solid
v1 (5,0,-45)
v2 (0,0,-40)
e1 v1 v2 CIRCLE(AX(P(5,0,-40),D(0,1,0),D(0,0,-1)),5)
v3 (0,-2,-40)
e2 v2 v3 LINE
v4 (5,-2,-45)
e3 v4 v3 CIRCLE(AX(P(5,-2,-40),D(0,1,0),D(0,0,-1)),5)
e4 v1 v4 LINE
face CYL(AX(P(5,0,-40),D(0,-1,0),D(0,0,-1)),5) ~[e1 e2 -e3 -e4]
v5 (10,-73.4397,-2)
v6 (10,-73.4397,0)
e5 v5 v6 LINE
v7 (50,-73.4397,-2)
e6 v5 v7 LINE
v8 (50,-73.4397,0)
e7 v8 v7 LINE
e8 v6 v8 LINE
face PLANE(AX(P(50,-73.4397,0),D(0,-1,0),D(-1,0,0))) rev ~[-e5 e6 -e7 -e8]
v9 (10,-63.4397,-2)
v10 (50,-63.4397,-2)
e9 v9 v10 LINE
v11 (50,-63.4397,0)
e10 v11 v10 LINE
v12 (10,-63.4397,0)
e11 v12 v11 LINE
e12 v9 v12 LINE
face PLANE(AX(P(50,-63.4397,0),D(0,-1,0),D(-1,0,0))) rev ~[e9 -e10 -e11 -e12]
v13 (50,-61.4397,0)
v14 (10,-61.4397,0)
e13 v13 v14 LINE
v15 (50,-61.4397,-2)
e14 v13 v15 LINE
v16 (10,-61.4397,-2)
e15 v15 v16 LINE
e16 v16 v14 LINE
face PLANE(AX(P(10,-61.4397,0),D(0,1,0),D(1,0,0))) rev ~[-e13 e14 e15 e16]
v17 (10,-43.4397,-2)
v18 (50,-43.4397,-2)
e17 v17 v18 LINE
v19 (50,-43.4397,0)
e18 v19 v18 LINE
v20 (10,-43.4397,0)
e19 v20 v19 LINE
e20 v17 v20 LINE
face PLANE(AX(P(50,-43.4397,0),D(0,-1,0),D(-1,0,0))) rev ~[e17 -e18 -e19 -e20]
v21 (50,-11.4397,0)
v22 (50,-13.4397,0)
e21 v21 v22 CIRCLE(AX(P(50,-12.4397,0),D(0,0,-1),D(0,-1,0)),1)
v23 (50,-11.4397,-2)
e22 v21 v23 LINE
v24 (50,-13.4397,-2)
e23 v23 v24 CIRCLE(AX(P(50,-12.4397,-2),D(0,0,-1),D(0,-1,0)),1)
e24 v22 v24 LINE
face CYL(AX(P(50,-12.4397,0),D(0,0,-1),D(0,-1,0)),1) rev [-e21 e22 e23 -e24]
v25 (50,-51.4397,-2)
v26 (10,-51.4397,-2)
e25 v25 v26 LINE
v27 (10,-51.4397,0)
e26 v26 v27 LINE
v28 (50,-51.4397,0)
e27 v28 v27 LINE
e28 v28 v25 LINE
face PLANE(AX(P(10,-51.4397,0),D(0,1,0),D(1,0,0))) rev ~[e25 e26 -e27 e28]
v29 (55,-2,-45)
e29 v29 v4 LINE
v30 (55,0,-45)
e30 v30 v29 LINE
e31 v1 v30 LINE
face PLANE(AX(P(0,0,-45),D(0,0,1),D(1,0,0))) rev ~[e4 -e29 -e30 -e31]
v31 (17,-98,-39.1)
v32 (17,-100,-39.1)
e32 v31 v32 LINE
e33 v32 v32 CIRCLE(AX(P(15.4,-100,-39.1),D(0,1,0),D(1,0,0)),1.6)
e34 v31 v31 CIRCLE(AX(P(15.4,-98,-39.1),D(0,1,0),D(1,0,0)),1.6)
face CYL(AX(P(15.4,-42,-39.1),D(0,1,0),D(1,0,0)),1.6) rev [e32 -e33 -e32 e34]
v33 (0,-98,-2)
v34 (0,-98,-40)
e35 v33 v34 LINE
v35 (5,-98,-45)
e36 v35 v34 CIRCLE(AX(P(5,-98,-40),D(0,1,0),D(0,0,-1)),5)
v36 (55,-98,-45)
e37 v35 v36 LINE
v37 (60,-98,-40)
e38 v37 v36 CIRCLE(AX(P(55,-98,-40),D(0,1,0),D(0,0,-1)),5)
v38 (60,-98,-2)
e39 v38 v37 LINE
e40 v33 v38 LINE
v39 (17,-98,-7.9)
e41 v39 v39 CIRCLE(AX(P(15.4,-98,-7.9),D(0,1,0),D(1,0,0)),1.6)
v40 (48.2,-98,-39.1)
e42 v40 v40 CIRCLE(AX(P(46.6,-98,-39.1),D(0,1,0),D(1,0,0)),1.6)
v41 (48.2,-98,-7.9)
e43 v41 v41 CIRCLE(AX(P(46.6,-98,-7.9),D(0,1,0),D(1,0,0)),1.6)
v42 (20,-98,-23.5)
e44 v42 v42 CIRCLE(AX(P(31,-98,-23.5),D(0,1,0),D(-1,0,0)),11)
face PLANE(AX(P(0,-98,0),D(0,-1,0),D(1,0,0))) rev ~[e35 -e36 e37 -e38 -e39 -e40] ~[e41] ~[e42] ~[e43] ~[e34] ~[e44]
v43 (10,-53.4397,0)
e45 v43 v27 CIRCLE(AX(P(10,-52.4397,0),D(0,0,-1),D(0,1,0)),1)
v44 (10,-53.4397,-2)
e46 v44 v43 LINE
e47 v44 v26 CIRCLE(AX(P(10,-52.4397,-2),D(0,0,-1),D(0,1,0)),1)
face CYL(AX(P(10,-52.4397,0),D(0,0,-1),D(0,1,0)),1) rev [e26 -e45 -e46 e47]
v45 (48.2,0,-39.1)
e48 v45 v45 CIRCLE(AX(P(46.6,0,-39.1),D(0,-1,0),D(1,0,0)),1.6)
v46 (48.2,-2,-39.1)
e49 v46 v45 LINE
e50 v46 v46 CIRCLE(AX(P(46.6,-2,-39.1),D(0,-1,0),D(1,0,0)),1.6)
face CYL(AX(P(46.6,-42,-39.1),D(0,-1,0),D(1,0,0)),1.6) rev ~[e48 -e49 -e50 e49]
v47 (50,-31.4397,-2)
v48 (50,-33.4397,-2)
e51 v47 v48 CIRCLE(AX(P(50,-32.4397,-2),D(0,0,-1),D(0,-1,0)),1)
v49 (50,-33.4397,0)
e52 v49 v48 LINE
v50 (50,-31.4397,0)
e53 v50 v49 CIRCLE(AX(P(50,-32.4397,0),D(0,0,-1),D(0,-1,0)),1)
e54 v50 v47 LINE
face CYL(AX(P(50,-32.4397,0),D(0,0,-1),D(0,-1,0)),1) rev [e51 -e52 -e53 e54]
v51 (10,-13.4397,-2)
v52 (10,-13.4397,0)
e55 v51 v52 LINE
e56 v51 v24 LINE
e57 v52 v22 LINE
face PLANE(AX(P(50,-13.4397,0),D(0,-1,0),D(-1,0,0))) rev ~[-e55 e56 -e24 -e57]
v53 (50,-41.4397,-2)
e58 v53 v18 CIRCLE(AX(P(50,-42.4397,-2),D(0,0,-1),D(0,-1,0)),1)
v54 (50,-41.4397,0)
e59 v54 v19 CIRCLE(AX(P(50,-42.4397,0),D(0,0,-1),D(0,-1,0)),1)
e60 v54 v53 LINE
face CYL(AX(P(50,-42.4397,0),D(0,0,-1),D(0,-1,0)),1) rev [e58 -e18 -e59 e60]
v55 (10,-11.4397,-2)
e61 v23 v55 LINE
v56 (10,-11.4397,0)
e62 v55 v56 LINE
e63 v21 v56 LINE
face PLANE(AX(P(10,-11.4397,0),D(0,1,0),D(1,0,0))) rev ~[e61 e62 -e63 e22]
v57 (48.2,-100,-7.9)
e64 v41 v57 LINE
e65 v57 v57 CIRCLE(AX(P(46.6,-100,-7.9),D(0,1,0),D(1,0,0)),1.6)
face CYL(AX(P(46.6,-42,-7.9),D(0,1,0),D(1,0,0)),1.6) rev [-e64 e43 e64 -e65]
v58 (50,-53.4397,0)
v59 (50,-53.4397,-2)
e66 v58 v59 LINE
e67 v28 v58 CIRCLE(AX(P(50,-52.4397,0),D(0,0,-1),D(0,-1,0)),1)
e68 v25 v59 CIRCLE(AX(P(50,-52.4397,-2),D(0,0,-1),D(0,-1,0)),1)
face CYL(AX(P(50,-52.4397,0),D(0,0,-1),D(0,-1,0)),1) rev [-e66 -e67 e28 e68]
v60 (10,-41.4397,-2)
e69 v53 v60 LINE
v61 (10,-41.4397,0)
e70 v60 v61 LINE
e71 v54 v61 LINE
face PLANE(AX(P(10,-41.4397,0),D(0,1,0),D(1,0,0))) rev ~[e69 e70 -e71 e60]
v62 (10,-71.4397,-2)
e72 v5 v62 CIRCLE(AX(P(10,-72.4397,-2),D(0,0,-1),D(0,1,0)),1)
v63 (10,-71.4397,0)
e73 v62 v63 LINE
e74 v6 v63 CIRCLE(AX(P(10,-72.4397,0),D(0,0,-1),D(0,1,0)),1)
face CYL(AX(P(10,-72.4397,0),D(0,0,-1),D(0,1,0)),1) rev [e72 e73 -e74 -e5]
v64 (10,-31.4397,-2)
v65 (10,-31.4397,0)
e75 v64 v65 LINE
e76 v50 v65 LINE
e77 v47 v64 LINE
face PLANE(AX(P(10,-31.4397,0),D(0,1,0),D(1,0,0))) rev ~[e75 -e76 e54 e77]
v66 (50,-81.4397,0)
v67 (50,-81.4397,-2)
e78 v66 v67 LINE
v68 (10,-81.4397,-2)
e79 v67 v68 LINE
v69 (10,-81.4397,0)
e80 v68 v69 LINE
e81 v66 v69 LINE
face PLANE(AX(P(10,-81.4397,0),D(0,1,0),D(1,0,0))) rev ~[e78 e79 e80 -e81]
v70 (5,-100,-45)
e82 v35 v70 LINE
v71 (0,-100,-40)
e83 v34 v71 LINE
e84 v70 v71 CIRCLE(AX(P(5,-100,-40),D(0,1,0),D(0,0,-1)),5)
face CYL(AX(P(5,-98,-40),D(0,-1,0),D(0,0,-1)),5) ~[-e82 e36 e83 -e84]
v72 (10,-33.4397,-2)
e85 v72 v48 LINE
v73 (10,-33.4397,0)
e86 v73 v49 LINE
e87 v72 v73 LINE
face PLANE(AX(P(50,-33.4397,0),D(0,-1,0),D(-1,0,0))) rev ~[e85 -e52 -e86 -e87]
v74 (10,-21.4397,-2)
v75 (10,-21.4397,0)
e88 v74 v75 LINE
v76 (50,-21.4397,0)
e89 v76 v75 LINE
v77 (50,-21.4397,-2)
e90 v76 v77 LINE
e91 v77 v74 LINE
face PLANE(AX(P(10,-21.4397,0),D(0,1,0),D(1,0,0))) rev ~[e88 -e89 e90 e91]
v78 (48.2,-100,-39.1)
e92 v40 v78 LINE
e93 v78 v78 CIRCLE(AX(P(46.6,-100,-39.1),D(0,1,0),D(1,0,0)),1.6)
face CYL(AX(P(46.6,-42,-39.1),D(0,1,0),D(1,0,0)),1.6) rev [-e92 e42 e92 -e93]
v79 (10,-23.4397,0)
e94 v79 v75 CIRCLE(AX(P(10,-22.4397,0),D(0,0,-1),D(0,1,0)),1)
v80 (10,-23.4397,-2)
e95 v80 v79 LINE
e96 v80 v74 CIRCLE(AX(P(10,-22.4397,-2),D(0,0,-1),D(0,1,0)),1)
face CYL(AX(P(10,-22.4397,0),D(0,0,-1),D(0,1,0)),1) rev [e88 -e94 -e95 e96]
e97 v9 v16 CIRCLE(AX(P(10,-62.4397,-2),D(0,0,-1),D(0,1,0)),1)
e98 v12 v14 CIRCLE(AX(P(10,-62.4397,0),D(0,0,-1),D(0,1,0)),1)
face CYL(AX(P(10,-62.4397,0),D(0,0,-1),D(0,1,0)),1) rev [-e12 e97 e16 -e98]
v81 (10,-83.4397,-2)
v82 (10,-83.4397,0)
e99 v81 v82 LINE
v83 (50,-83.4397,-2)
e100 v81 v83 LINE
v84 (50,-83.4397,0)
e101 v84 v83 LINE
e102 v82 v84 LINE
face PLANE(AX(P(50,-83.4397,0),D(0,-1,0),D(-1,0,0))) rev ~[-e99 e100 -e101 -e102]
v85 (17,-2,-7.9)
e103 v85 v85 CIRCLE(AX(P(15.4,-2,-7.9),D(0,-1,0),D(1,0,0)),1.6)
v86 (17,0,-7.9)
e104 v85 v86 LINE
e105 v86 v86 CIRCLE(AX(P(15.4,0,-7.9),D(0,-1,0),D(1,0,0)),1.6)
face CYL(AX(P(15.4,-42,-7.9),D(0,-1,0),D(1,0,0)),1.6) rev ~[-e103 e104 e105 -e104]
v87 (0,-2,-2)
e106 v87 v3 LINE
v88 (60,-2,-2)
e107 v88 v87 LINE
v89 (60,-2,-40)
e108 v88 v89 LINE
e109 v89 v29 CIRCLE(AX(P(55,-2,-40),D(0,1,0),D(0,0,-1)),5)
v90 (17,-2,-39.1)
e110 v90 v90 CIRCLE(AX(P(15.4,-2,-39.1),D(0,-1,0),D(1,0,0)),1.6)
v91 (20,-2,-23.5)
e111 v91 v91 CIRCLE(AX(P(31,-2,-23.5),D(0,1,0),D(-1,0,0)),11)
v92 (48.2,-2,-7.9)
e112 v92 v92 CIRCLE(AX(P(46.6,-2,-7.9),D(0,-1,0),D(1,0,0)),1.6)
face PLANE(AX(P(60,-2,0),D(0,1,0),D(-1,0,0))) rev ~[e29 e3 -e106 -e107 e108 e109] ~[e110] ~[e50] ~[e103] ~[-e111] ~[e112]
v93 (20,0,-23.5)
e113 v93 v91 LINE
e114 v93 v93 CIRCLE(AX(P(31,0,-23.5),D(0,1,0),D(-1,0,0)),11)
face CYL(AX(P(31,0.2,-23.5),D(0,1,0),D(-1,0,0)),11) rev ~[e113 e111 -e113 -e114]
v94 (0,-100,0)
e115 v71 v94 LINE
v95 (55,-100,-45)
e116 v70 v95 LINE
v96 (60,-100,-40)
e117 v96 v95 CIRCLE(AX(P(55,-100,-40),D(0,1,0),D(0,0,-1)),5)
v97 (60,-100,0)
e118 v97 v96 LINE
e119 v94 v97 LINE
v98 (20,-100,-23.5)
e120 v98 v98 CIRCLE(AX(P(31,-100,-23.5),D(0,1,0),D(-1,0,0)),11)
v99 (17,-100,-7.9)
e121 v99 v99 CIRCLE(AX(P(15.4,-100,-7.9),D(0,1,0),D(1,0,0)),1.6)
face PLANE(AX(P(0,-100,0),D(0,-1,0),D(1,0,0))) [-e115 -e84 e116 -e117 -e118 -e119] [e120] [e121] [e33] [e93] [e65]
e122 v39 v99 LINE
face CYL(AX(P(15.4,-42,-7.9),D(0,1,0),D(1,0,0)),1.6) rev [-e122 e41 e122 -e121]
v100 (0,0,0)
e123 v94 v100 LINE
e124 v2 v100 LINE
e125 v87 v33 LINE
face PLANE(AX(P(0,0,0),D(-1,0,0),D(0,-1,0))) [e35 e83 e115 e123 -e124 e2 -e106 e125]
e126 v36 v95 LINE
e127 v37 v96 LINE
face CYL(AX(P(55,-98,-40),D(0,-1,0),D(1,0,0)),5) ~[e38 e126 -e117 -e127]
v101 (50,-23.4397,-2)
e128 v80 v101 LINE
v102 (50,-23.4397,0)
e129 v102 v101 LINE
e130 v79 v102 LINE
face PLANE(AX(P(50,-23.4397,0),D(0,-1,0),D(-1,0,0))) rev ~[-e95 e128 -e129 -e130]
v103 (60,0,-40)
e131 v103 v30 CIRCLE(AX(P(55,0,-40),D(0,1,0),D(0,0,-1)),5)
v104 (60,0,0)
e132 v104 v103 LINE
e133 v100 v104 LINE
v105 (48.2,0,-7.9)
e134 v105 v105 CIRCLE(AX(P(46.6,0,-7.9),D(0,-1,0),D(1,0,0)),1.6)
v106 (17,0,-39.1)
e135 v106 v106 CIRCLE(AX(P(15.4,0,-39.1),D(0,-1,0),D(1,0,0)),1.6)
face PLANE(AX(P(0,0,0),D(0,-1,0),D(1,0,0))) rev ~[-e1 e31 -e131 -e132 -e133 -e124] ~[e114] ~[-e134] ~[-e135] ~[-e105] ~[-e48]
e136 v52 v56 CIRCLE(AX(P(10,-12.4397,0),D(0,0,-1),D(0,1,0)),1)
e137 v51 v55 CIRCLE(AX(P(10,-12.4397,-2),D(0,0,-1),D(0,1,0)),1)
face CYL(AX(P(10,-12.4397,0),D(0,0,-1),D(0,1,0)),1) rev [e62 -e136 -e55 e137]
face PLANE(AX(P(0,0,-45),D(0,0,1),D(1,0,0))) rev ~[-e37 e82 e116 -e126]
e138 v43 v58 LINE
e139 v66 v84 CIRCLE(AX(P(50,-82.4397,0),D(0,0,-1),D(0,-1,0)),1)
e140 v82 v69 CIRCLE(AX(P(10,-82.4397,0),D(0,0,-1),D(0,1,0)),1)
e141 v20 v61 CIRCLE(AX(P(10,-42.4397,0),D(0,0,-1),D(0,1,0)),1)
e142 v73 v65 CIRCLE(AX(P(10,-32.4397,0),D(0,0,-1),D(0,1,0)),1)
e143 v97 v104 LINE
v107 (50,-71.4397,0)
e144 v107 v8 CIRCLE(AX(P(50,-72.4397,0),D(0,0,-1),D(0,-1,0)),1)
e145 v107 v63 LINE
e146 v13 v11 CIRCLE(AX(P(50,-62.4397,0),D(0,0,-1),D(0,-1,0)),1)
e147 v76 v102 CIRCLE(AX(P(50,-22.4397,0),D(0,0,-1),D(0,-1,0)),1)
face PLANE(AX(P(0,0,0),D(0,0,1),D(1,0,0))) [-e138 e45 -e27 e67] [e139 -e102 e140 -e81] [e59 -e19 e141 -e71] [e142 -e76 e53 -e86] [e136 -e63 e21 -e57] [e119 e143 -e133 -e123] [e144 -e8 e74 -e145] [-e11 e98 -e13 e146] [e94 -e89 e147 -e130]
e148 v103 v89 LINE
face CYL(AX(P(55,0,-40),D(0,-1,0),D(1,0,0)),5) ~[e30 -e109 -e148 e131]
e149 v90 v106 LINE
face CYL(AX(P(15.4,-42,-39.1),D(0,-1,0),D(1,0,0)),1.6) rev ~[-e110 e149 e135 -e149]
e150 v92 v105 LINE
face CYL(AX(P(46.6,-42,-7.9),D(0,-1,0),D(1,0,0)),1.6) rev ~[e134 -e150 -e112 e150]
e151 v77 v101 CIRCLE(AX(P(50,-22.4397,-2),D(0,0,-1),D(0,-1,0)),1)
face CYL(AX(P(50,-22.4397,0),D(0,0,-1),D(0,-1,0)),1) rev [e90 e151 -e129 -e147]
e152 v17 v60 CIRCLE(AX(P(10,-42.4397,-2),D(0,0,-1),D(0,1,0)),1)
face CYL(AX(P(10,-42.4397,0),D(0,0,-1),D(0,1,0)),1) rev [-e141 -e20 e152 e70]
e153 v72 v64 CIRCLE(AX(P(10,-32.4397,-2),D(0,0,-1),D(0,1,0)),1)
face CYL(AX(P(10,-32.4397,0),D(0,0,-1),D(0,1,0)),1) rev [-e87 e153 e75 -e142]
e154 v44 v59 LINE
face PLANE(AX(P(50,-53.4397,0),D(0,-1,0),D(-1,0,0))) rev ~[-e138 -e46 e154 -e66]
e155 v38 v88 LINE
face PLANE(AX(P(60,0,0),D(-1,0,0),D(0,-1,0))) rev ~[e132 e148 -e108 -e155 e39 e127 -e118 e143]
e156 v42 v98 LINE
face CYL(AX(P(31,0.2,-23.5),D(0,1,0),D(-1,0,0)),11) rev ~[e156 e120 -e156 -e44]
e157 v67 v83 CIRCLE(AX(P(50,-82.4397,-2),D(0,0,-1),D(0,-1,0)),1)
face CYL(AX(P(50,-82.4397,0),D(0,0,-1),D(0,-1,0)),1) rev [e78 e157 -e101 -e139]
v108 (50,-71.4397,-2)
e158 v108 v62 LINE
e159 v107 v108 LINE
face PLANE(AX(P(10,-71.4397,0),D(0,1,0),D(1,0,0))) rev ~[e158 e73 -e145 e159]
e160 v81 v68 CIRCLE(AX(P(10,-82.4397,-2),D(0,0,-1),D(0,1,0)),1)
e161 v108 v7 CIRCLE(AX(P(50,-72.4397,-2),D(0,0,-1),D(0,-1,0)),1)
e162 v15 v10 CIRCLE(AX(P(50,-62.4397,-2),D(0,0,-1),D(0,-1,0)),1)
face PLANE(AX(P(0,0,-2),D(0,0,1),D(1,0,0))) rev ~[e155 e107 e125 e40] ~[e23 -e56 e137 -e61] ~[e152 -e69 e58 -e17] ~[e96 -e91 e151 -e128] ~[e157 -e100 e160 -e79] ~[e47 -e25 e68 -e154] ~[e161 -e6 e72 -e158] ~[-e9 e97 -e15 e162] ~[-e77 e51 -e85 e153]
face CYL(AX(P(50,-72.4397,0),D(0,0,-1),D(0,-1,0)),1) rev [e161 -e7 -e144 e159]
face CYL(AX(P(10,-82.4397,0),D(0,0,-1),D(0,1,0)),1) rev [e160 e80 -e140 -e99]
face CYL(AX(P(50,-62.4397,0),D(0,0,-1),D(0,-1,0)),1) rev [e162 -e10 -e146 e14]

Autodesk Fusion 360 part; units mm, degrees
sketch "Boceto6" plane through (0, 0, 0) normal (0, 0, 1) x (1, 0, 0)
  line L0 (0, 0) -> (60, 0)
  line L1 (60, 0) -> (60, -100)
  line L2 (0, 0) -> (0, -100)
  line L3 (0, -100) -> (60, -100)
  line L4 (0, 0) -> (60, 0)
  line L5 (60, 0) -> (60, -2)
  line L6 (60, -2) -> (0, -2)
  line L7 (0, -100) -> (0, -98.9254)
  line L8 (0, -100) -> (0, -98)
  line L9 (0, -98) -> (60, -98)
  line L10 (30, 0) -> (30, -104.8793) construction
  line L11 (50, -51.4397) -> (10, -51.4397) construction
  line L12 (10, -53.4397) -> (50, -53.4397) construction
  line L13 (10, -51.4397) -> (50, -51.4397)
  line L14 (50, -53.4397) -> (10, -53.4397)
  arc A0 (10, -51.4397) -> (10, -53.4397) centre (10, -52.4397) ccw
  arc A1 (50, -53.4397) -> (50, -51.4397) centre (50, -52.4397) ccw
  line L15 (10, -83.4397) -> (50, -83.4397) construction
  arc A2 (10, -81.4397) -> (10, -83.4397) centre (10, -82.4397) ccw
  arc A3 (50, -83.4397) -> (50, -81.4397) centre (50, -82.4397) ccw
  line L16 (50, -81.4397) -> (10, -81.4397) construction
  line L17 (10, -81.4397) -> (50, -81.4397)
  line L18 (50, -83.4397) -> (10, -83.4397)
  line L19 (10, -73.4397) -> (50, -73.4397) construction
  arc A4 (10, -71.4397) -> (10, -73.4397) centre (10, -72.4397) ccw
  arc A5 (50, -73.4397) -> (50, -71.4397) centre (50, -72.4397) ccw
  line L20 (50, -71.4397) -> (10, -71.4397) construction
  line L21 (10, -71.4397) -> (50, -71.4397)
  line L22 (50, -73.4397) -> (10, -73.4397)
  line L23 (10, -63.4397) -> (50, -63.4397) construction
  arc A6 (10, -61.4397) -> (10, -63.4397) centre (10, -62.4397) ccw
  arc A7 (50, -63.4397) -> (50, -61.4397) centre (50, -62.4397) ccw
  line L24 (50, -61.4397) -> (10, -61.4397) construction
  line L25 (10, -61.4397) -> (50, -61.4397)
  line L26 (50, -63.4397) -> (10, -63.4397)
  line L27 (10, -43.4397) -> (50, -43.4397) construction
  arc A8 (10, -41.4397) -> (10, -43.4397) centre (10, -42.4397) ccw
  arc A9 (50, -43.4397) -> (50, -41.4397) centre (50, -42.4397) ccw
  line L28 (50, -41.4397) -> (10, -41.4397) construction
  line L29 (10, -41.4397) -> (50, -41.4397)
  line L30 (50, -43.4397) -> (10, -43.4397)
  line L31 (10, -33.4397) -> (50, -33.4397) construction
  arc A10 (10, -31.4397) -> (10, -33.4397) centre (10, -32.4397) ccw
  arc A11 (50, -33.4397) -> (50, -31.4397) centre (50, -32.4397) ccw
  line L32 (50, -31.4397) -> (10, -31.4397) construction
  line L33 (10, -31.4397) -> (50, -31.4397)
  line L34 (50, -33.4397) -> (10, -33.4397)
  line L35 (10, -23.4397) -> (50, -23.4397) construction
  arc A12 (10, -21.4397) -> (10, -23.4397) centre (10, -22.4397) ccw
  arc A13 (50, -23.4397) -> (50, -21.4397) centre (50, -22.4397) ccw
  line L36 (50, -21.4397) -> (10, -21.4397) construction
  line L37 (10, -21.4397) -> (50, -21.4397)
  line L38 (50, -23.4397) -> (10, -23.4397)
  line L39 (10, -13.4397) -> (50, -13.4397) construction
  arc A14 (10, -11.4397) -> (10, -13.4397) centre (10, -12.4397) ccw
  arc A15 (50, -13.4397) -> (50, -11.4397) centre (50, -12.4397) ccw
  line L40 (50, -11.4397) -> (10, -11.4397) construction
  line L41 (10, -11.4397) -> (50, -11.4397)
  line L42 (50, -13.4397) -> (10, -13.4397)
  dimension "d3" = 60
  dimension "d4" = 100
  dimension "d7" = 2
  dimension "d8" = 2
  dimension "d48" = 1
  dimension "d49" = 40
  dimension "d50" = 2
  dimension "d51" = 40
  dimension "d52" = 2
  dimension "d53" = 2
  dimension "d56" = 0
  dimension "d57" = 40
extrude "Extruir1" add sketch "Boceto6" against normal blind 2 contours L0 L1 L2 L4 L5 L6 | L1 L2 L6 L9 | L1 L2 L3 L7 L8 L9 | L13 L14 A0 A1 | A2 A3 L17 L18 | A4 A5 L21 L22 | A6 A7 L25 L26 | A8 A9 L29 L30 | A10 A11 L33 L34 | A12 A13 L37 L38 | A14 A15 L41 L42
extrude "Extruir2" add sketch "Boceto6" against normal blind 45 contours L0 L1 L2 L4 L5 L6
extrude "Extruir3" add sketch "Boceto6" against normal blind 45 contours L1 L2 L3 L7 L8 L9
fillet "Empalme1" radius 5 1 edges at (60, -99, -45)
fillet "Empalme2" radius 5 2 edges at (60, -1, -45) (0, -99, -45)
fillet "Empalme3" radius 5 1 edges at (0, -1, -45)
sketch "Boceto7" plane through (0, 0, -45) normal (0, 0, -1) x (1, 0, 0)
  line L0 (5, 2) -> (5, 0)
  line L1 (5, 0) -> (55, 0)
  line L2 (55, 0) -> (55, 2)
  line L3 (55, 2) -> (5, 2)
  line L4 (0, 0) -> (0, -2)
  line L5 (0, -2) -> (60, -2)
  line L6 (60, -2) -> (60, 102)
  dimension "d31" = 2
  dimension "d32" = 60
  dimension "d33" = 104
sketch "Boceto8" plane through (0, -42, 0) normal (0, -1, 0) x (1, 0, 0)
  arc A0 (10, -39.5) -> (15, -44.5) centre (15, -39.5) ccw
  line L0 (15, -44.5) -> (47, -44.5)
  arc A1 (47, -44.5) -> (52, -39.5) centre (47, -39.5) ccw
  line L1 (52, -39.5) -> (52, -7.5)
  arc A2 (52, -7.5) -> (47, -2.5) centre (47, -7.5) ccw
  line L2 (47, -2.5) -> (15, -2.5)
  arc A3 (15, -2.5) -> (10, -7.5) centre (15, -7.5) ccw
  line L3 (10, -7.5) -> (10, -15.5)
  line L4 (10, -15.5) -> (6, -15.5)
  line L5 (6, -15.5) -> (6, -31.5)
  line L6 (6, -31.5) -> (10, -31.5)
  line L7 (10, -31.5) -> (10, -39.5)
  circle A4 centre (46.6, -7.9) radius 3
  circle A5 centre (46.6, -39.1) radius 3
  circle A6 centre (15.4, -7.9) radius 3
  circle A7 centre (15.4, -39.1) radius 3
  circle A8 centre (31, -23.5) radius 4.6
  circle A9 centre (15.4, -7.9) radius 1.6
  circle A10 centre (46.6, -7.9) radius 1.6
  circle A11 centre (46.6, -39.1) radius 1.6
  circle A12 centre (15.4, -39.1) radius 1.6
  dimension "d34" = 3.2
  dimension "d35" = 3.2
  dimension "d36" = 3.2
  dimension "d37" = 3.2
extrude "Extruir4" cut sketch "Boceto8" along normal blind 120 and the other way blind 100 contours A9 | A10 | A11 | A12
sketch "Boceto9" plane through (0, 0.2, 0) normal (0, 1, 0) x (-1, 0, 0)
  circle A0 centre (-31, -23.5) radius 11
  circle A1 centre (-31, -23.5) radius 4.6
  circle A2 centre (-31, -23.5) radius 11
  dimension "d42" = 22
extrude "Extruir5" cut sketch "Boceto9" along normal blind 0 and the other way blind 200 contours A0 A2 | A1
extrude "Extruir6" cut sketch "Boceto6" along normal mid plane 20 contours L13 L14 A0 A1 | A2 A3 L17 L18 | A4 A5 L21 L22 | A6 A7 L25 L26 | A8 A9 L29 L30 | A10 A11 L33 L34 | A12 A13 L37 L38 | A14 A15 L41 L42
